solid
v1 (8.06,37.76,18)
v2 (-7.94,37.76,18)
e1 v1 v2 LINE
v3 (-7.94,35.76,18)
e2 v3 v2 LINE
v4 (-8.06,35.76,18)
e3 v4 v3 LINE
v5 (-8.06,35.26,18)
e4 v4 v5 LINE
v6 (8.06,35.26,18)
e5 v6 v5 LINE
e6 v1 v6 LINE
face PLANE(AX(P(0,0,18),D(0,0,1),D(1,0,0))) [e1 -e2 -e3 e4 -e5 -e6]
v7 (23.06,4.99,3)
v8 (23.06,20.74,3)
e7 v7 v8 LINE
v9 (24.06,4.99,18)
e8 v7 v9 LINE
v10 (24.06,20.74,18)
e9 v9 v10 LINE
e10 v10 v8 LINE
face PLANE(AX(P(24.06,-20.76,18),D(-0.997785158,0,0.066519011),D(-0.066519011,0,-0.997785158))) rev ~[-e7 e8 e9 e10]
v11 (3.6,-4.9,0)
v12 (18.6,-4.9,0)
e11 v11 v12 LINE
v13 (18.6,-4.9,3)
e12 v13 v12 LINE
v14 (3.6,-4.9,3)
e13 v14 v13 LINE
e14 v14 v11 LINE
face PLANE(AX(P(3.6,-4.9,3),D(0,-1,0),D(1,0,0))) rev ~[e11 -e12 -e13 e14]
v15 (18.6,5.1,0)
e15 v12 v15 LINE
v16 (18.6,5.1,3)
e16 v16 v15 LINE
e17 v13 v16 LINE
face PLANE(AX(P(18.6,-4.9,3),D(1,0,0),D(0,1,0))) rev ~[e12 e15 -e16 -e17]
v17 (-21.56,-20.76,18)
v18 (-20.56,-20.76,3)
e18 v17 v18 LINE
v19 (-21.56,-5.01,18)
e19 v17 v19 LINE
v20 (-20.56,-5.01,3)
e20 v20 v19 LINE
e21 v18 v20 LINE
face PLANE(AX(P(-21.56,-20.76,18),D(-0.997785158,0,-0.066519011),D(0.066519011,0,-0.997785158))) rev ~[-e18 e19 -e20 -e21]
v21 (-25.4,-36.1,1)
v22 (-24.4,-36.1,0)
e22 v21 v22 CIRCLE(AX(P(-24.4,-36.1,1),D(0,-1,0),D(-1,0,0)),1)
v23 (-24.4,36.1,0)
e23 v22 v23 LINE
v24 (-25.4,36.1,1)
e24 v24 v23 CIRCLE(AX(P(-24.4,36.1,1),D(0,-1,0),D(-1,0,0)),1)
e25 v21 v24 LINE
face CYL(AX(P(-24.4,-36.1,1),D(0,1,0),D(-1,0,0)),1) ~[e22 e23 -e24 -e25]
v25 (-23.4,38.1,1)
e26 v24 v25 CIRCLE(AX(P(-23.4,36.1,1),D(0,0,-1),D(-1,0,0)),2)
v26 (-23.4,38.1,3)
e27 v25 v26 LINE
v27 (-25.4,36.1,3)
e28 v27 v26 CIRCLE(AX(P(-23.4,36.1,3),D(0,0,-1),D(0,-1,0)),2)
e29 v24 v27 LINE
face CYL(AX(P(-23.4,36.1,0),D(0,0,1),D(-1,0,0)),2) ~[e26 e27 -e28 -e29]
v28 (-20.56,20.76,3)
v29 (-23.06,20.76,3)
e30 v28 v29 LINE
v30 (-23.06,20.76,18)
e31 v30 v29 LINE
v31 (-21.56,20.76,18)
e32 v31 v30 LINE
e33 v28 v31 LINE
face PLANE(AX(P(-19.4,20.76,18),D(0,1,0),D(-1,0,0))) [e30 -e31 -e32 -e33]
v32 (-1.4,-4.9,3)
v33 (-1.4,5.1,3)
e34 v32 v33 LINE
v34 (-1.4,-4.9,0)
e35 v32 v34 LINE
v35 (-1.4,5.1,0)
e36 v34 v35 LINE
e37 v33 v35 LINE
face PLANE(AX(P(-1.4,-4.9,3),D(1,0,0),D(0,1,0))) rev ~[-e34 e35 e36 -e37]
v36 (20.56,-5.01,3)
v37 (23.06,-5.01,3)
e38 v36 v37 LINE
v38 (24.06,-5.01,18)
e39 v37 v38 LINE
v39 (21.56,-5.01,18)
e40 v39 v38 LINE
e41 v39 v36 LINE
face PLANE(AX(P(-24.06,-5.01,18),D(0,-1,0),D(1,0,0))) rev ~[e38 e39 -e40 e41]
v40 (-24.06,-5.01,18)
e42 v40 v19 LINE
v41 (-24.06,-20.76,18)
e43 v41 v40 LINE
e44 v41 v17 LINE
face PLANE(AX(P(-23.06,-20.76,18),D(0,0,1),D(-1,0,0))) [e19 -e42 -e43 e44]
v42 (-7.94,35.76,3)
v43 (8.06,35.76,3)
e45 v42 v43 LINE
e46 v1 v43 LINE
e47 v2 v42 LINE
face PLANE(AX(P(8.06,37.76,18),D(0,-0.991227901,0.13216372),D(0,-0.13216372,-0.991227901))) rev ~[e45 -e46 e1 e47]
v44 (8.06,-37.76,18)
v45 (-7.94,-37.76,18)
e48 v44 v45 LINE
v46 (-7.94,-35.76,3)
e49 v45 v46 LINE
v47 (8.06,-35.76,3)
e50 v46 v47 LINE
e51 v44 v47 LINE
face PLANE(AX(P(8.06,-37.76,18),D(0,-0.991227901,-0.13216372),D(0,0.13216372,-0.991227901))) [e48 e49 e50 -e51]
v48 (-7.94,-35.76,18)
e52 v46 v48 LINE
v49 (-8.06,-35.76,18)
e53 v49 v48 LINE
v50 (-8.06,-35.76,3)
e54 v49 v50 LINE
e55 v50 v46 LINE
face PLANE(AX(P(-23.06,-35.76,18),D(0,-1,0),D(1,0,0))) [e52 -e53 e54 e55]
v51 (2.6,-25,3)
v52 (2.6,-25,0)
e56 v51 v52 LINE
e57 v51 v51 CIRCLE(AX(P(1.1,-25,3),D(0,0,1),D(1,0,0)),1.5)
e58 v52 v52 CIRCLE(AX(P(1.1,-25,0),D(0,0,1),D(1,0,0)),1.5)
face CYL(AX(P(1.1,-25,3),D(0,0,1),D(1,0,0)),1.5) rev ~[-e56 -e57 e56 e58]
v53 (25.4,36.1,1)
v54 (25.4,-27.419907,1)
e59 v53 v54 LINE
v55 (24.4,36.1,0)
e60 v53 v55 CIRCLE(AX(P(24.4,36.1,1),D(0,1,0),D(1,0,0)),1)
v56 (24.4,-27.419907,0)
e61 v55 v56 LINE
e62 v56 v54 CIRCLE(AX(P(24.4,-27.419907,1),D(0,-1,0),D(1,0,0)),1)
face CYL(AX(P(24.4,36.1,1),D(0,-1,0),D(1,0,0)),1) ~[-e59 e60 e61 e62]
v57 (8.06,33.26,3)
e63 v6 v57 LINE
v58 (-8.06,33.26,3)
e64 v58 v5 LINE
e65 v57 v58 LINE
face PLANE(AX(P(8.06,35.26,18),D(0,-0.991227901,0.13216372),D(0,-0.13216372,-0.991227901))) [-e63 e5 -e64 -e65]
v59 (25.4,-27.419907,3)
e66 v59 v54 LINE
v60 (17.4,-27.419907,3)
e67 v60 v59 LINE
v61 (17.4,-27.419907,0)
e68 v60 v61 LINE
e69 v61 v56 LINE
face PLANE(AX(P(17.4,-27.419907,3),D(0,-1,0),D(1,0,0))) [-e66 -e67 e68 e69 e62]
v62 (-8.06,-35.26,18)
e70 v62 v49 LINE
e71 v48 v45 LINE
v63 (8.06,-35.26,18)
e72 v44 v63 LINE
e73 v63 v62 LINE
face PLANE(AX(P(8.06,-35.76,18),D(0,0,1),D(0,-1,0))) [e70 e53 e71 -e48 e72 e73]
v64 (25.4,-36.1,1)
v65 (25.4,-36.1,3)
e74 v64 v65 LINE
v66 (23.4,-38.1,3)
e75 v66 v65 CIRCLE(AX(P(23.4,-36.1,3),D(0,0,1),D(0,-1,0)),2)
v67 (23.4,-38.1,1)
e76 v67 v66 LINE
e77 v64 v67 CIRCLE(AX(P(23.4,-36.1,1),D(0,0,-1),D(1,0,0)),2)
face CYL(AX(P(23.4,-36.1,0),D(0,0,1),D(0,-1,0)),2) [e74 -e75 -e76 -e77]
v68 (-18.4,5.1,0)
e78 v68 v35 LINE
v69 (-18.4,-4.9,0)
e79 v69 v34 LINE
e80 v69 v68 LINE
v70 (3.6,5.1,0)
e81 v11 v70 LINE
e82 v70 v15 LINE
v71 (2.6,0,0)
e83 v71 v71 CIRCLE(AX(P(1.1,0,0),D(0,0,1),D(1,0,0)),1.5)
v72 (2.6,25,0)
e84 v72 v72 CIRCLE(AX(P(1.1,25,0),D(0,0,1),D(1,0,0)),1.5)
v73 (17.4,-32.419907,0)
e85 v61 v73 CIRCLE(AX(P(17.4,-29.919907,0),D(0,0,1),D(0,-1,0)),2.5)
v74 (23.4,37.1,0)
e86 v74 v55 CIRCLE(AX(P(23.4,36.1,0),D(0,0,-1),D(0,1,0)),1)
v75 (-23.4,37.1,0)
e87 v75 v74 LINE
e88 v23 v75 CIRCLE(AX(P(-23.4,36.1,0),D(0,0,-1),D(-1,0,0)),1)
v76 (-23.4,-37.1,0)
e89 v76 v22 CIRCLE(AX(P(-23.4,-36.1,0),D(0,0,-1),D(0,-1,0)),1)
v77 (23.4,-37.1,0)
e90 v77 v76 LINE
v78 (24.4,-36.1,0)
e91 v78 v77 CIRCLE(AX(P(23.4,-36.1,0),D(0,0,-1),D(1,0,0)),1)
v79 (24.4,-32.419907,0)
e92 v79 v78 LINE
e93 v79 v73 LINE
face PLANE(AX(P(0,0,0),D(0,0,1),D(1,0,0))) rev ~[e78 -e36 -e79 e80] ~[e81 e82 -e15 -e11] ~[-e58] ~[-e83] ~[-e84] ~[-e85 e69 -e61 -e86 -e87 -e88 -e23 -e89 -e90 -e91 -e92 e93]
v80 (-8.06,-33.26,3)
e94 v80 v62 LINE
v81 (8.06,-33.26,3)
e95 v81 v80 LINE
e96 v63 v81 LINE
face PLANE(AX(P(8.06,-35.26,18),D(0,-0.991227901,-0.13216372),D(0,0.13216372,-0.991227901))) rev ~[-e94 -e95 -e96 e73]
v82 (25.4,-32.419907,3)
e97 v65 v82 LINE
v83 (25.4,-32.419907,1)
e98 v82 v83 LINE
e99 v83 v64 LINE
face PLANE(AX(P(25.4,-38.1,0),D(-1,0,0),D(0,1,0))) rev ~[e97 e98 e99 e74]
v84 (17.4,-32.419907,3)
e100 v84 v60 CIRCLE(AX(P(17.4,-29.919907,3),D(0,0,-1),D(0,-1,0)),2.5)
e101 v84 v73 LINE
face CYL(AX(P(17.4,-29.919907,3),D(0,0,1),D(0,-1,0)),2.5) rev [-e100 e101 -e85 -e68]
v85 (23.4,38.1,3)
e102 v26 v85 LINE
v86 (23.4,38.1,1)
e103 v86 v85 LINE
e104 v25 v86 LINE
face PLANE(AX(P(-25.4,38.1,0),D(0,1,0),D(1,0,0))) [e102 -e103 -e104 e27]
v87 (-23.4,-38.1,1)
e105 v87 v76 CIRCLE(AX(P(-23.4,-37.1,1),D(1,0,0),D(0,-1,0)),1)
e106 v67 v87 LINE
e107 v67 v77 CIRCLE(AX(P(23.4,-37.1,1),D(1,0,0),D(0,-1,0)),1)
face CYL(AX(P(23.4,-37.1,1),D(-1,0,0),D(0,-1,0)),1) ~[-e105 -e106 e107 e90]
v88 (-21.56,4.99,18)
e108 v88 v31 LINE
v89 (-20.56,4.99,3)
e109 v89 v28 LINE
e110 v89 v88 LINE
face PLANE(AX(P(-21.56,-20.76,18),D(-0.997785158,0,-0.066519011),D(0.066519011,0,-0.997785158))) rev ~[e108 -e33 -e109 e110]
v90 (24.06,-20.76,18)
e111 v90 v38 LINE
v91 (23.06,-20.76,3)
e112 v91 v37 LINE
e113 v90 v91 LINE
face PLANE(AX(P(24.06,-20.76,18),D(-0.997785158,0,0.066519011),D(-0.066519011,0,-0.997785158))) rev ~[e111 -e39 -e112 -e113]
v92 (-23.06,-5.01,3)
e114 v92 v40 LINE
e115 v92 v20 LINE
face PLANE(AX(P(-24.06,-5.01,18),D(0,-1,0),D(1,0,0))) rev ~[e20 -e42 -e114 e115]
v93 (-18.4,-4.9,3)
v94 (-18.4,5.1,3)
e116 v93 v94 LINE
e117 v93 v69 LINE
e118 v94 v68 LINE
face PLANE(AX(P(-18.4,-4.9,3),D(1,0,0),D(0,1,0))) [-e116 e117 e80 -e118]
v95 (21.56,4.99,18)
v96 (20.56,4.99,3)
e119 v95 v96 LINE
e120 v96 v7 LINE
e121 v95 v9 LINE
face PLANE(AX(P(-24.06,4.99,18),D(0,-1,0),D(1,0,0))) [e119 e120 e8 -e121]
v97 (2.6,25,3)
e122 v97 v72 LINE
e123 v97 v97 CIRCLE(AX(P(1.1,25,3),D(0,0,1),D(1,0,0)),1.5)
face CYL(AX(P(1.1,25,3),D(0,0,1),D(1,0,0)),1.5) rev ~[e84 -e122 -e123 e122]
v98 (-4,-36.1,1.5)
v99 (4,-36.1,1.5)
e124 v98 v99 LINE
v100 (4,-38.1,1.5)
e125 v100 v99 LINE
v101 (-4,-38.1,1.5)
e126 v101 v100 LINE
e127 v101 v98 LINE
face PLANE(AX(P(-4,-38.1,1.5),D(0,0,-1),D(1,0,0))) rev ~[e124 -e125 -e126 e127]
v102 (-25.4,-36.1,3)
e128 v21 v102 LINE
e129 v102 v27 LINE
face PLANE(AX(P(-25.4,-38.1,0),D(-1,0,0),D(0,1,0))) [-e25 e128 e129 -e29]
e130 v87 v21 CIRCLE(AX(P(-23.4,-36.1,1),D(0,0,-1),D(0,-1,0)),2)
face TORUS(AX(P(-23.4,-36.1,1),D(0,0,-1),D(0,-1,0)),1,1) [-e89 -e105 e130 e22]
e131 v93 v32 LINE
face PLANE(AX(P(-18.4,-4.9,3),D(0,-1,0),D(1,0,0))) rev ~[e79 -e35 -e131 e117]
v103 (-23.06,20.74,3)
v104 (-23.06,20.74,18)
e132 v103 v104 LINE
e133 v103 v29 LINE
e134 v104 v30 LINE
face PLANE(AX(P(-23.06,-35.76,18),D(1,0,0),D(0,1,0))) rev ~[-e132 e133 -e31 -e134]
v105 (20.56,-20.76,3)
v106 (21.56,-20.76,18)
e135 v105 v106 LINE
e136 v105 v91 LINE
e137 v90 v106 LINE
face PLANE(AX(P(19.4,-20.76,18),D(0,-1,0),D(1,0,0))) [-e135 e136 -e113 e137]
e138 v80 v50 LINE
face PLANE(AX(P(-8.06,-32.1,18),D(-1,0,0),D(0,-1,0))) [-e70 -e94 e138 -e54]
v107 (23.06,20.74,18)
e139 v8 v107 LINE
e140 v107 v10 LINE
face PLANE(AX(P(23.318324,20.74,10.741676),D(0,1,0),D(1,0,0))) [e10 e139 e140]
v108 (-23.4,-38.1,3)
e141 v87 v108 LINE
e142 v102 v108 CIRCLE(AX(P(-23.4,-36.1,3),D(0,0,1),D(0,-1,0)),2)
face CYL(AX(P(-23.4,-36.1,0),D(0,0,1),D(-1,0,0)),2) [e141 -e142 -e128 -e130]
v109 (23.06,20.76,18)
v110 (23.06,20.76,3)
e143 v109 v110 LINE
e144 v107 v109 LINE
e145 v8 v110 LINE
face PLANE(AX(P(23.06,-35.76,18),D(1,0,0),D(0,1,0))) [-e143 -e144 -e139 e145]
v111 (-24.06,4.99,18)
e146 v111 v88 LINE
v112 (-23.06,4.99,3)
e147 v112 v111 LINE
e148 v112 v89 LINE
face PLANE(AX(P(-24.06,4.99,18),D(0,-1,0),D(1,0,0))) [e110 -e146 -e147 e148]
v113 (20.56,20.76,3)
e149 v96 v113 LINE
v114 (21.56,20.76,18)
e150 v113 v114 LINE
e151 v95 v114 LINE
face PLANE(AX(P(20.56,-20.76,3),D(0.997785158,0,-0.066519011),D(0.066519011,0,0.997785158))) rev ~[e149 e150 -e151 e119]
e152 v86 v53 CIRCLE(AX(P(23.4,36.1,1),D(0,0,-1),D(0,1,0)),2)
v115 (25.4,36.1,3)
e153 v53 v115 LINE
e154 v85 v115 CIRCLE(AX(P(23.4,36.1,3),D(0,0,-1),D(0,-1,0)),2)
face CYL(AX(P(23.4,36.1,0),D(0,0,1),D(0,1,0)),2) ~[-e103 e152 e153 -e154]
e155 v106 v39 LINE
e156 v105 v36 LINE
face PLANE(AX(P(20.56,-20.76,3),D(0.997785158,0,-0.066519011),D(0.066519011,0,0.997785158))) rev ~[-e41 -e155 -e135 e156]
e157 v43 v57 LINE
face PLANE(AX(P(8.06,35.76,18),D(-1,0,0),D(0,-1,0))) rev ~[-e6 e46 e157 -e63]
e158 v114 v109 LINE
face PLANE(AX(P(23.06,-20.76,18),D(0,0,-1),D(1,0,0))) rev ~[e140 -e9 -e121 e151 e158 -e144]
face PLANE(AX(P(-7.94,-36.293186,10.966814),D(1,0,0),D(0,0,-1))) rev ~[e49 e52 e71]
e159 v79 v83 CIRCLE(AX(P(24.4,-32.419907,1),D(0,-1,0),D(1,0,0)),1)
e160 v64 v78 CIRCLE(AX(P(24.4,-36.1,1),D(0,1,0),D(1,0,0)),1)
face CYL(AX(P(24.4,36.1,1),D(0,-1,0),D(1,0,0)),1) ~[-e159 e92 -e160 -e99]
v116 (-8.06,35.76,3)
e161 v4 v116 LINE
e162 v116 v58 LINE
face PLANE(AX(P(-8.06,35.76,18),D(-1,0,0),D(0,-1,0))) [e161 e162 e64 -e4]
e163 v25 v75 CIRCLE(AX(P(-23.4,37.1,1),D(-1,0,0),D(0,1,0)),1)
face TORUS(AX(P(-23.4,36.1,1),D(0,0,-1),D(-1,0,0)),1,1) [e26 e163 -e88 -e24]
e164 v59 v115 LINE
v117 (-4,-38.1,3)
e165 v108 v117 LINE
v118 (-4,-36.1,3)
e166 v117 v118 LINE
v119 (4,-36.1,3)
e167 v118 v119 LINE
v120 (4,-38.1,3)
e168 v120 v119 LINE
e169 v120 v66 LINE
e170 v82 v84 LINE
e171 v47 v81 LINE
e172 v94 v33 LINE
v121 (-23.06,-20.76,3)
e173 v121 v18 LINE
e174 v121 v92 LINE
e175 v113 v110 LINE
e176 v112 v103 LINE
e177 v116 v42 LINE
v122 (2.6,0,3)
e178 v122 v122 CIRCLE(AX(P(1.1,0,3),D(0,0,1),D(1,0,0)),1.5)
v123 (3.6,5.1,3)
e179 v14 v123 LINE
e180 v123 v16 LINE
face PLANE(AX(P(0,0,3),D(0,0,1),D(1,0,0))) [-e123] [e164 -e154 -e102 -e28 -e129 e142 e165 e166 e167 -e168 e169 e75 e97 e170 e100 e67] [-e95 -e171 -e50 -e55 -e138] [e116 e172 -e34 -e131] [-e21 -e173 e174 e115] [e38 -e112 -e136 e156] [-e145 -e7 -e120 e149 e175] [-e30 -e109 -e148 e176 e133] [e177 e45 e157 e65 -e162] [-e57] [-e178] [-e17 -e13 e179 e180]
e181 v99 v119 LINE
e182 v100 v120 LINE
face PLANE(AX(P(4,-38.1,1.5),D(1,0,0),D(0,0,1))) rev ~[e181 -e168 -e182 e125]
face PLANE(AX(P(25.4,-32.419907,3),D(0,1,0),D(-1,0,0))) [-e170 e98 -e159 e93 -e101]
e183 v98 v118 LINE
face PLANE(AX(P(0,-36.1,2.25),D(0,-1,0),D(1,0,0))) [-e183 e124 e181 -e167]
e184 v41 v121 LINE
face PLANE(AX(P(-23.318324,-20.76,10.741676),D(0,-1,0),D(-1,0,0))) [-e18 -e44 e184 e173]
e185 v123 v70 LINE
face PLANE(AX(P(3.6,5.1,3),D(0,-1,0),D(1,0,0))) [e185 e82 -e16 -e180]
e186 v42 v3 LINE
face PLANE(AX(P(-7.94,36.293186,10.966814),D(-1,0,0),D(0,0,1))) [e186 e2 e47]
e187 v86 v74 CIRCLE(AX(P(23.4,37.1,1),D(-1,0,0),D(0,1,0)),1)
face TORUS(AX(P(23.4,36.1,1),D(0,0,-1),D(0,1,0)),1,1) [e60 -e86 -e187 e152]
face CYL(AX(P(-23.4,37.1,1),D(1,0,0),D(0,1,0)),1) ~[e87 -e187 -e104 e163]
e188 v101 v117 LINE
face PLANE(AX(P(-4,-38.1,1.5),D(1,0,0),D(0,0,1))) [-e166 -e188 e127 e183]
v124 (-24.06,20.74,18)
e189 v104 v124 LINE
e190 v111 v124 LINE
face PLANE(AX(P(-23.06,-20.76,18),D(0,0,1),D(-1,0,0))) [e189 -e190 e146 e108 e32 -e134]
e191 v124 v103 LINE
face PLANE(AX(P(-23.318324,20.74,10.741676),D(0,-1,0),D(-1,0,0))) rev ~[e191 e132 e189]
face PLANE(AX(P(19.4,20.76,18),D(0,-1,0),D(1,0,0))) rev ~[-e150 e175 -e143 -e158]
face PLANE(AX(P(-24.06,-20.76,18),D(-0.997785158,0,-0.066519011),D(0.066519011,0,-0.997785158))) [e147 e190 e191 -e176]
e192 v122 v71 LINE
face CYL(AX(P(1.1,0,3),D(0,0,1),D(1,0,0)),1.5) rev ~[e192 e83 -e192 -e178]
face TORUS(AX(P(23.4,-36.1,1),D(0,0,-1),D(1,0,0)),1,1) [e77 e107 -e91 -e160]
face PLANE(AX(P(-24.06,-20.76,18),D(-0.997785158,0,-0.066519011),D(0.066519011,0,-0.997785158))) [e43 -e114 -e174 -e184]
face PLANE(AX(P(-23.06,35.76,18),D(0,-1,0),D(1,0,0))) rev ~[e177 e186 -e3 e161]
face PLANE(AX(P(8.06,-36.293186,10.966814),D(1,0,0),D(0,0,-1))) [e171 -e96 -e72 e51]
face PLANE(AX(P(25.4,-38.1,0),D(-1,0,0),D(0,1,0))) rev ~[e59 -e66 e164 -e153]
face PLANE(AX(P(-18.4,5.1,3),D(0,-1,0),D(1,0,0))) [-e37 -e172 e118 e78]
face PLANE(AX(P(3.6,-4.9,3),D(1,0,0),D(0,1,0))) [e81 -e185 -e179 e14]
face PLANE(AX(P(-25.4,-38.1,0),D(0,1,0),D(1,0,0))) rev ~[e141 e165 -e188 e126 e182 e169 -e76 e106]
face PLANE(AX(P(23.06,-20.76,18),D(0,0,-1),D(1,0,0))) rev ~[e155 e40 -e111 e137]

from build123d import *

# Parameters (mm, degrees)
CROQUIS1_W              = 50.8
CROQUIS1_H              = 76.2
SALIENTE_EXTRUIR1_DEPTH = 18
CROQUIS2_W              = 50.8
CROQUIS2_H              = 76.2
CROQUIS2_W_2            = 46.12
CROQUIS2_H_2            = 71.52
CROQUIS2_W_3            = 38.8
CROQUIS2_H_3            = 64.2
CORTAR_EXTRUIR1_DEPTH   = 15
CORTAR_EXTRUIR8_DEPTH   = 15
SALIENTE_EXTRUIR3_DEPTH = 41.5
CORTAR_EXTRUIR9_DEPTH   = 51.5
CORTAR_EXTRUIR10_DEPTH  = 51.5
SALIENTE_EXTRUIR4_DEPTH = 16
CORTAR_EXTRUIR11_DEPTH  = 16.5
REDONDEO3_R             = 2
REDONDEO4_R             = 1
CROQUIS15_W             = 48.12
CROQUIS15_H             = 10
CORTAR_EXTRUIR12_DEPTH  = 15
CROQUIS16_W             = 8
CROQUIS16_H             = 1.5
CORTAR_EXTRUIR13_DEPTH  = 2
CROQUIS18_R             = 1.5
CROQUIS18_W             = 17
CROQUIS18_H             = 10
CROQUIS18_W_2           = 15
CORTAR_EXTRUIR15_DEPTH  = 3
CORTAR_EXTRUIR16_DEPTH  = 10


with BuildPart() as part:
    # Croquis1 → Saliente-Extruir1 (new body)
    with BuildSketch(Plane.XY):
        Rectangle(CROQUIS1_W, CROQUIS1_H)
    extrude(amount=SALIENTE_EXTRUIR1_DEPTH)

    # Croquis2 → Cortar-Extruir1 (cut)
    # profile 1 of 2: a face of its own
    with BuildSketch(Plane.XY.offset(18)):
        Rectangle(CROQUIS2_W, CROQUIS2_H)
        Rectangle(CROQUIS2_W_2, CROQUIS2_H_2, mode=Mode.SUBTRACT)
    # profile 2 of 2: a face of its own
    with BuildSketch(Plane.XY.offset(18)):
        Rectangle(CROQUIS2_W_3, CROQUIS2_H_3)
    extrude(amount=-CORTAR_EXTRUIR1_DEPTH, mode=Mode.SUBTRACT)

    # Croquis6 → Cortar-Extruir8 (cut)
    with BuildSketch(Plane.XY.offset(18)):
        Polygon((-23.06, 35.76), (-8.06, 35.76), (-8.06, 32.1), (-19.4, 32.1), (-19.4, 20.76), (-23.06, 20.76), align=None)
        Polygon((23.06, 35.76), (8.06, 35.76), (8.06, 32.1), (19.4, 32.1), (19.4, 20.76), (23.06, 20.76), align=None)
        Polygon((-23.06, -35.76), (-23.06, -20.76), (-19.4, -20.76), (-19.4, -32.1), (-8.06, -32.1), (-8.06, -35.76), align=None)
        Polygon((23.06, -35.76), (8.06, -35.76), (8.06, -32.1), (19.4, -32.1), (19.4, -20.76), (23.06, -20.76), align=None)
    extrude(amount=-CORTAR_EXTRUIR8_DEPTH, mode=Mode.SUBTRACT)

    # Croquis10 → Saliente-Extruir3 (add)
    with BuildSketch(Plane(origin=(0, -20.76, 0), x_dir=(-1, 0, 0), z_dir=(0, -1, 0))):
        Polygon((23.06, -18), (24.06, -18), (23.06, -3), align=None)
        Polygon((-23.06, -18), (-24.06, -18), (-23.06, -3), align=None)
    extrude(amount=-SALIENTE_EXTRUIR3_DEPTH)

    # Croquis11 → Cortar-Extruir9 (cut)
    with BuildSketch(Plane.XZ.offset(20.76)):
        Polygon((-19.4, 18), (-21.56, 18), (-20.56, 3), (-19.4, 3), align=None)
    extrude(amount=-CORTAR_EXTRUIR9_DEPTH, mode=Mode.SUBTRACT)

    # Croquis12 → Cortar-Extruir10 (cut)
    with BuildSketch(Plane.XZ.offset(20.76)):
        Polygon((19.4, 18), (19.4, 3), (20.56, 3), (21.56, 18), align=None)
    extrude(amount=-CORTAR_EXTRUIR10_DEPTH, mode=Mode.SUBTRACT)

    # Croquis13 → Saliente-Extruir4 (add)
    with BuildSketch(Plane(origin=(8.06, 0, 0), x_dir=(0, 0, -1), z_dir=(1, 0, 0))):
        Polygon((-18, -35.76), (-18, -37.76), (-3, -35.76), align=None)
        Polygon((-18, 35.76), (-18, 37.76), (-3, 35.76), align=None)
    extrude(amount=-SALIENTE_EXTRUIR4_DEPTH)

    # Croquis14 → Cortar-Extruir11 (cut)
    with BuildSketch(Plane(origin=(8.06, 0, 0), x_dir=(0, 0, -1), z_dir=(1, 0, 0))):
        Polygon((-3, -32.1), (-18, -32.1), (-18, -35.26), (-3, -33.26), align=None)
        Polygon((-18, 32.1), (-18, 35.26), (-3, 33.26), (-3, 32.1), align=None)
    extrude(amount=-CORTAR_EXTRUIR11_DEPTH, mode=Mode.SUBTRACT)

    # Redondeo3
    redondeo3_edges = [part.edges().sort_by_distance(p)[0] for p in [
        (-25.4, 38.1, 1.5),
        (25.4, 38.1, 1.5),
        (25.4, -38.1, 1.5),
        (-25.4, -38.1, 1.5),
    ]]
    fillet(redondeo3_edges, radius=REDONDEO3_R)

    # Redondeo4
    redondeo4_edges = [part.edges().sort_by_distance(p)[0] for p in [
        (0, 38.1, 0),
        (-25.4, 0, 0),
        (25.4, 0, 0),
        (0, -38.1, 0),
        (24.814213562, -37.514213562, 0),
        (-24.814213562, -37.514213562, 0),
        (-24.814213562, 37.514213562, 0),
        (24.814213562, 37.514213562, 0),
    ]]
    fillet(redondeo4_edges, radius=REDONDEO4_R)

    # Croquis15 → Cortar-Extruir12 (cut)
    with BuildSketch(Plane.XY.offset(18)):
        with Locations((0, -0.01)):
            Rectangle(CROQUIS15_W, CROQUIS15_H)
    extrude(amount=-CORTAR_EXTRUIR12_DEPTH, mode=Mode.SUBTRACT)

    # Croquis16 → Cortar-Extruir13 (cut)
    with BuildSketch(Plane.XZ.offset(38.1)):
        with Locations((0, 2.25)):
            Rectangle(CROQUIS16_W, CROQUIS16_H)
    extrude(amount=-CORTAR_EXTRUIR13_DEPTH, mode=Mode.SUBTRACT)

    # Croquis18 → Cortar-Extruir15 (cut)
    with BuildSketch(Plane.XY.offset(3)):
        with Locations((1.1, 0)):
            Circle(CROQUIS18_R)
        with Locations((1.1, 25)):
            Circle(CROQUIS18_R)
        with Locations((1.1, -25)):
            Circle(CROQUIS18_R)
        with Locations((-9.9, 0.1)):
            Rectangle(CROQUIS18_W, CROQUIS18_H)
        with Locations((11.1, 0.1)):
            Rectangle(CROQUIS18_W_2, CROQUIS18_H)
    extrude(amount=-CORTAR_EXTRUIR15_DEPTH, mode=Mode.SUBTRACT)

    # Croquis19 → Cortar-Extruir16 (cut)
    with BuildSketch(Plane.XY.offset(3)):
        with BuildLine():
            Line((25.4, -32.419906808), (17.4, -32.419906808))
            ThreePointArc((17.4, -32.419906808), (14.9, -29.919906808), (17.4, -27.419906808))
            Line((17.4, -27.419906808), (25.4, -27.419906808))
            ThreePointArc((25.4, -27.419906808), (27.9, -29.919906808), (25.4, -32.419906808))
        make_face()
    extrude(amount=-CORTAR_EXTRUIR16_DEPTH, mode=Mode.SUBTRACT)


solid = part.part
